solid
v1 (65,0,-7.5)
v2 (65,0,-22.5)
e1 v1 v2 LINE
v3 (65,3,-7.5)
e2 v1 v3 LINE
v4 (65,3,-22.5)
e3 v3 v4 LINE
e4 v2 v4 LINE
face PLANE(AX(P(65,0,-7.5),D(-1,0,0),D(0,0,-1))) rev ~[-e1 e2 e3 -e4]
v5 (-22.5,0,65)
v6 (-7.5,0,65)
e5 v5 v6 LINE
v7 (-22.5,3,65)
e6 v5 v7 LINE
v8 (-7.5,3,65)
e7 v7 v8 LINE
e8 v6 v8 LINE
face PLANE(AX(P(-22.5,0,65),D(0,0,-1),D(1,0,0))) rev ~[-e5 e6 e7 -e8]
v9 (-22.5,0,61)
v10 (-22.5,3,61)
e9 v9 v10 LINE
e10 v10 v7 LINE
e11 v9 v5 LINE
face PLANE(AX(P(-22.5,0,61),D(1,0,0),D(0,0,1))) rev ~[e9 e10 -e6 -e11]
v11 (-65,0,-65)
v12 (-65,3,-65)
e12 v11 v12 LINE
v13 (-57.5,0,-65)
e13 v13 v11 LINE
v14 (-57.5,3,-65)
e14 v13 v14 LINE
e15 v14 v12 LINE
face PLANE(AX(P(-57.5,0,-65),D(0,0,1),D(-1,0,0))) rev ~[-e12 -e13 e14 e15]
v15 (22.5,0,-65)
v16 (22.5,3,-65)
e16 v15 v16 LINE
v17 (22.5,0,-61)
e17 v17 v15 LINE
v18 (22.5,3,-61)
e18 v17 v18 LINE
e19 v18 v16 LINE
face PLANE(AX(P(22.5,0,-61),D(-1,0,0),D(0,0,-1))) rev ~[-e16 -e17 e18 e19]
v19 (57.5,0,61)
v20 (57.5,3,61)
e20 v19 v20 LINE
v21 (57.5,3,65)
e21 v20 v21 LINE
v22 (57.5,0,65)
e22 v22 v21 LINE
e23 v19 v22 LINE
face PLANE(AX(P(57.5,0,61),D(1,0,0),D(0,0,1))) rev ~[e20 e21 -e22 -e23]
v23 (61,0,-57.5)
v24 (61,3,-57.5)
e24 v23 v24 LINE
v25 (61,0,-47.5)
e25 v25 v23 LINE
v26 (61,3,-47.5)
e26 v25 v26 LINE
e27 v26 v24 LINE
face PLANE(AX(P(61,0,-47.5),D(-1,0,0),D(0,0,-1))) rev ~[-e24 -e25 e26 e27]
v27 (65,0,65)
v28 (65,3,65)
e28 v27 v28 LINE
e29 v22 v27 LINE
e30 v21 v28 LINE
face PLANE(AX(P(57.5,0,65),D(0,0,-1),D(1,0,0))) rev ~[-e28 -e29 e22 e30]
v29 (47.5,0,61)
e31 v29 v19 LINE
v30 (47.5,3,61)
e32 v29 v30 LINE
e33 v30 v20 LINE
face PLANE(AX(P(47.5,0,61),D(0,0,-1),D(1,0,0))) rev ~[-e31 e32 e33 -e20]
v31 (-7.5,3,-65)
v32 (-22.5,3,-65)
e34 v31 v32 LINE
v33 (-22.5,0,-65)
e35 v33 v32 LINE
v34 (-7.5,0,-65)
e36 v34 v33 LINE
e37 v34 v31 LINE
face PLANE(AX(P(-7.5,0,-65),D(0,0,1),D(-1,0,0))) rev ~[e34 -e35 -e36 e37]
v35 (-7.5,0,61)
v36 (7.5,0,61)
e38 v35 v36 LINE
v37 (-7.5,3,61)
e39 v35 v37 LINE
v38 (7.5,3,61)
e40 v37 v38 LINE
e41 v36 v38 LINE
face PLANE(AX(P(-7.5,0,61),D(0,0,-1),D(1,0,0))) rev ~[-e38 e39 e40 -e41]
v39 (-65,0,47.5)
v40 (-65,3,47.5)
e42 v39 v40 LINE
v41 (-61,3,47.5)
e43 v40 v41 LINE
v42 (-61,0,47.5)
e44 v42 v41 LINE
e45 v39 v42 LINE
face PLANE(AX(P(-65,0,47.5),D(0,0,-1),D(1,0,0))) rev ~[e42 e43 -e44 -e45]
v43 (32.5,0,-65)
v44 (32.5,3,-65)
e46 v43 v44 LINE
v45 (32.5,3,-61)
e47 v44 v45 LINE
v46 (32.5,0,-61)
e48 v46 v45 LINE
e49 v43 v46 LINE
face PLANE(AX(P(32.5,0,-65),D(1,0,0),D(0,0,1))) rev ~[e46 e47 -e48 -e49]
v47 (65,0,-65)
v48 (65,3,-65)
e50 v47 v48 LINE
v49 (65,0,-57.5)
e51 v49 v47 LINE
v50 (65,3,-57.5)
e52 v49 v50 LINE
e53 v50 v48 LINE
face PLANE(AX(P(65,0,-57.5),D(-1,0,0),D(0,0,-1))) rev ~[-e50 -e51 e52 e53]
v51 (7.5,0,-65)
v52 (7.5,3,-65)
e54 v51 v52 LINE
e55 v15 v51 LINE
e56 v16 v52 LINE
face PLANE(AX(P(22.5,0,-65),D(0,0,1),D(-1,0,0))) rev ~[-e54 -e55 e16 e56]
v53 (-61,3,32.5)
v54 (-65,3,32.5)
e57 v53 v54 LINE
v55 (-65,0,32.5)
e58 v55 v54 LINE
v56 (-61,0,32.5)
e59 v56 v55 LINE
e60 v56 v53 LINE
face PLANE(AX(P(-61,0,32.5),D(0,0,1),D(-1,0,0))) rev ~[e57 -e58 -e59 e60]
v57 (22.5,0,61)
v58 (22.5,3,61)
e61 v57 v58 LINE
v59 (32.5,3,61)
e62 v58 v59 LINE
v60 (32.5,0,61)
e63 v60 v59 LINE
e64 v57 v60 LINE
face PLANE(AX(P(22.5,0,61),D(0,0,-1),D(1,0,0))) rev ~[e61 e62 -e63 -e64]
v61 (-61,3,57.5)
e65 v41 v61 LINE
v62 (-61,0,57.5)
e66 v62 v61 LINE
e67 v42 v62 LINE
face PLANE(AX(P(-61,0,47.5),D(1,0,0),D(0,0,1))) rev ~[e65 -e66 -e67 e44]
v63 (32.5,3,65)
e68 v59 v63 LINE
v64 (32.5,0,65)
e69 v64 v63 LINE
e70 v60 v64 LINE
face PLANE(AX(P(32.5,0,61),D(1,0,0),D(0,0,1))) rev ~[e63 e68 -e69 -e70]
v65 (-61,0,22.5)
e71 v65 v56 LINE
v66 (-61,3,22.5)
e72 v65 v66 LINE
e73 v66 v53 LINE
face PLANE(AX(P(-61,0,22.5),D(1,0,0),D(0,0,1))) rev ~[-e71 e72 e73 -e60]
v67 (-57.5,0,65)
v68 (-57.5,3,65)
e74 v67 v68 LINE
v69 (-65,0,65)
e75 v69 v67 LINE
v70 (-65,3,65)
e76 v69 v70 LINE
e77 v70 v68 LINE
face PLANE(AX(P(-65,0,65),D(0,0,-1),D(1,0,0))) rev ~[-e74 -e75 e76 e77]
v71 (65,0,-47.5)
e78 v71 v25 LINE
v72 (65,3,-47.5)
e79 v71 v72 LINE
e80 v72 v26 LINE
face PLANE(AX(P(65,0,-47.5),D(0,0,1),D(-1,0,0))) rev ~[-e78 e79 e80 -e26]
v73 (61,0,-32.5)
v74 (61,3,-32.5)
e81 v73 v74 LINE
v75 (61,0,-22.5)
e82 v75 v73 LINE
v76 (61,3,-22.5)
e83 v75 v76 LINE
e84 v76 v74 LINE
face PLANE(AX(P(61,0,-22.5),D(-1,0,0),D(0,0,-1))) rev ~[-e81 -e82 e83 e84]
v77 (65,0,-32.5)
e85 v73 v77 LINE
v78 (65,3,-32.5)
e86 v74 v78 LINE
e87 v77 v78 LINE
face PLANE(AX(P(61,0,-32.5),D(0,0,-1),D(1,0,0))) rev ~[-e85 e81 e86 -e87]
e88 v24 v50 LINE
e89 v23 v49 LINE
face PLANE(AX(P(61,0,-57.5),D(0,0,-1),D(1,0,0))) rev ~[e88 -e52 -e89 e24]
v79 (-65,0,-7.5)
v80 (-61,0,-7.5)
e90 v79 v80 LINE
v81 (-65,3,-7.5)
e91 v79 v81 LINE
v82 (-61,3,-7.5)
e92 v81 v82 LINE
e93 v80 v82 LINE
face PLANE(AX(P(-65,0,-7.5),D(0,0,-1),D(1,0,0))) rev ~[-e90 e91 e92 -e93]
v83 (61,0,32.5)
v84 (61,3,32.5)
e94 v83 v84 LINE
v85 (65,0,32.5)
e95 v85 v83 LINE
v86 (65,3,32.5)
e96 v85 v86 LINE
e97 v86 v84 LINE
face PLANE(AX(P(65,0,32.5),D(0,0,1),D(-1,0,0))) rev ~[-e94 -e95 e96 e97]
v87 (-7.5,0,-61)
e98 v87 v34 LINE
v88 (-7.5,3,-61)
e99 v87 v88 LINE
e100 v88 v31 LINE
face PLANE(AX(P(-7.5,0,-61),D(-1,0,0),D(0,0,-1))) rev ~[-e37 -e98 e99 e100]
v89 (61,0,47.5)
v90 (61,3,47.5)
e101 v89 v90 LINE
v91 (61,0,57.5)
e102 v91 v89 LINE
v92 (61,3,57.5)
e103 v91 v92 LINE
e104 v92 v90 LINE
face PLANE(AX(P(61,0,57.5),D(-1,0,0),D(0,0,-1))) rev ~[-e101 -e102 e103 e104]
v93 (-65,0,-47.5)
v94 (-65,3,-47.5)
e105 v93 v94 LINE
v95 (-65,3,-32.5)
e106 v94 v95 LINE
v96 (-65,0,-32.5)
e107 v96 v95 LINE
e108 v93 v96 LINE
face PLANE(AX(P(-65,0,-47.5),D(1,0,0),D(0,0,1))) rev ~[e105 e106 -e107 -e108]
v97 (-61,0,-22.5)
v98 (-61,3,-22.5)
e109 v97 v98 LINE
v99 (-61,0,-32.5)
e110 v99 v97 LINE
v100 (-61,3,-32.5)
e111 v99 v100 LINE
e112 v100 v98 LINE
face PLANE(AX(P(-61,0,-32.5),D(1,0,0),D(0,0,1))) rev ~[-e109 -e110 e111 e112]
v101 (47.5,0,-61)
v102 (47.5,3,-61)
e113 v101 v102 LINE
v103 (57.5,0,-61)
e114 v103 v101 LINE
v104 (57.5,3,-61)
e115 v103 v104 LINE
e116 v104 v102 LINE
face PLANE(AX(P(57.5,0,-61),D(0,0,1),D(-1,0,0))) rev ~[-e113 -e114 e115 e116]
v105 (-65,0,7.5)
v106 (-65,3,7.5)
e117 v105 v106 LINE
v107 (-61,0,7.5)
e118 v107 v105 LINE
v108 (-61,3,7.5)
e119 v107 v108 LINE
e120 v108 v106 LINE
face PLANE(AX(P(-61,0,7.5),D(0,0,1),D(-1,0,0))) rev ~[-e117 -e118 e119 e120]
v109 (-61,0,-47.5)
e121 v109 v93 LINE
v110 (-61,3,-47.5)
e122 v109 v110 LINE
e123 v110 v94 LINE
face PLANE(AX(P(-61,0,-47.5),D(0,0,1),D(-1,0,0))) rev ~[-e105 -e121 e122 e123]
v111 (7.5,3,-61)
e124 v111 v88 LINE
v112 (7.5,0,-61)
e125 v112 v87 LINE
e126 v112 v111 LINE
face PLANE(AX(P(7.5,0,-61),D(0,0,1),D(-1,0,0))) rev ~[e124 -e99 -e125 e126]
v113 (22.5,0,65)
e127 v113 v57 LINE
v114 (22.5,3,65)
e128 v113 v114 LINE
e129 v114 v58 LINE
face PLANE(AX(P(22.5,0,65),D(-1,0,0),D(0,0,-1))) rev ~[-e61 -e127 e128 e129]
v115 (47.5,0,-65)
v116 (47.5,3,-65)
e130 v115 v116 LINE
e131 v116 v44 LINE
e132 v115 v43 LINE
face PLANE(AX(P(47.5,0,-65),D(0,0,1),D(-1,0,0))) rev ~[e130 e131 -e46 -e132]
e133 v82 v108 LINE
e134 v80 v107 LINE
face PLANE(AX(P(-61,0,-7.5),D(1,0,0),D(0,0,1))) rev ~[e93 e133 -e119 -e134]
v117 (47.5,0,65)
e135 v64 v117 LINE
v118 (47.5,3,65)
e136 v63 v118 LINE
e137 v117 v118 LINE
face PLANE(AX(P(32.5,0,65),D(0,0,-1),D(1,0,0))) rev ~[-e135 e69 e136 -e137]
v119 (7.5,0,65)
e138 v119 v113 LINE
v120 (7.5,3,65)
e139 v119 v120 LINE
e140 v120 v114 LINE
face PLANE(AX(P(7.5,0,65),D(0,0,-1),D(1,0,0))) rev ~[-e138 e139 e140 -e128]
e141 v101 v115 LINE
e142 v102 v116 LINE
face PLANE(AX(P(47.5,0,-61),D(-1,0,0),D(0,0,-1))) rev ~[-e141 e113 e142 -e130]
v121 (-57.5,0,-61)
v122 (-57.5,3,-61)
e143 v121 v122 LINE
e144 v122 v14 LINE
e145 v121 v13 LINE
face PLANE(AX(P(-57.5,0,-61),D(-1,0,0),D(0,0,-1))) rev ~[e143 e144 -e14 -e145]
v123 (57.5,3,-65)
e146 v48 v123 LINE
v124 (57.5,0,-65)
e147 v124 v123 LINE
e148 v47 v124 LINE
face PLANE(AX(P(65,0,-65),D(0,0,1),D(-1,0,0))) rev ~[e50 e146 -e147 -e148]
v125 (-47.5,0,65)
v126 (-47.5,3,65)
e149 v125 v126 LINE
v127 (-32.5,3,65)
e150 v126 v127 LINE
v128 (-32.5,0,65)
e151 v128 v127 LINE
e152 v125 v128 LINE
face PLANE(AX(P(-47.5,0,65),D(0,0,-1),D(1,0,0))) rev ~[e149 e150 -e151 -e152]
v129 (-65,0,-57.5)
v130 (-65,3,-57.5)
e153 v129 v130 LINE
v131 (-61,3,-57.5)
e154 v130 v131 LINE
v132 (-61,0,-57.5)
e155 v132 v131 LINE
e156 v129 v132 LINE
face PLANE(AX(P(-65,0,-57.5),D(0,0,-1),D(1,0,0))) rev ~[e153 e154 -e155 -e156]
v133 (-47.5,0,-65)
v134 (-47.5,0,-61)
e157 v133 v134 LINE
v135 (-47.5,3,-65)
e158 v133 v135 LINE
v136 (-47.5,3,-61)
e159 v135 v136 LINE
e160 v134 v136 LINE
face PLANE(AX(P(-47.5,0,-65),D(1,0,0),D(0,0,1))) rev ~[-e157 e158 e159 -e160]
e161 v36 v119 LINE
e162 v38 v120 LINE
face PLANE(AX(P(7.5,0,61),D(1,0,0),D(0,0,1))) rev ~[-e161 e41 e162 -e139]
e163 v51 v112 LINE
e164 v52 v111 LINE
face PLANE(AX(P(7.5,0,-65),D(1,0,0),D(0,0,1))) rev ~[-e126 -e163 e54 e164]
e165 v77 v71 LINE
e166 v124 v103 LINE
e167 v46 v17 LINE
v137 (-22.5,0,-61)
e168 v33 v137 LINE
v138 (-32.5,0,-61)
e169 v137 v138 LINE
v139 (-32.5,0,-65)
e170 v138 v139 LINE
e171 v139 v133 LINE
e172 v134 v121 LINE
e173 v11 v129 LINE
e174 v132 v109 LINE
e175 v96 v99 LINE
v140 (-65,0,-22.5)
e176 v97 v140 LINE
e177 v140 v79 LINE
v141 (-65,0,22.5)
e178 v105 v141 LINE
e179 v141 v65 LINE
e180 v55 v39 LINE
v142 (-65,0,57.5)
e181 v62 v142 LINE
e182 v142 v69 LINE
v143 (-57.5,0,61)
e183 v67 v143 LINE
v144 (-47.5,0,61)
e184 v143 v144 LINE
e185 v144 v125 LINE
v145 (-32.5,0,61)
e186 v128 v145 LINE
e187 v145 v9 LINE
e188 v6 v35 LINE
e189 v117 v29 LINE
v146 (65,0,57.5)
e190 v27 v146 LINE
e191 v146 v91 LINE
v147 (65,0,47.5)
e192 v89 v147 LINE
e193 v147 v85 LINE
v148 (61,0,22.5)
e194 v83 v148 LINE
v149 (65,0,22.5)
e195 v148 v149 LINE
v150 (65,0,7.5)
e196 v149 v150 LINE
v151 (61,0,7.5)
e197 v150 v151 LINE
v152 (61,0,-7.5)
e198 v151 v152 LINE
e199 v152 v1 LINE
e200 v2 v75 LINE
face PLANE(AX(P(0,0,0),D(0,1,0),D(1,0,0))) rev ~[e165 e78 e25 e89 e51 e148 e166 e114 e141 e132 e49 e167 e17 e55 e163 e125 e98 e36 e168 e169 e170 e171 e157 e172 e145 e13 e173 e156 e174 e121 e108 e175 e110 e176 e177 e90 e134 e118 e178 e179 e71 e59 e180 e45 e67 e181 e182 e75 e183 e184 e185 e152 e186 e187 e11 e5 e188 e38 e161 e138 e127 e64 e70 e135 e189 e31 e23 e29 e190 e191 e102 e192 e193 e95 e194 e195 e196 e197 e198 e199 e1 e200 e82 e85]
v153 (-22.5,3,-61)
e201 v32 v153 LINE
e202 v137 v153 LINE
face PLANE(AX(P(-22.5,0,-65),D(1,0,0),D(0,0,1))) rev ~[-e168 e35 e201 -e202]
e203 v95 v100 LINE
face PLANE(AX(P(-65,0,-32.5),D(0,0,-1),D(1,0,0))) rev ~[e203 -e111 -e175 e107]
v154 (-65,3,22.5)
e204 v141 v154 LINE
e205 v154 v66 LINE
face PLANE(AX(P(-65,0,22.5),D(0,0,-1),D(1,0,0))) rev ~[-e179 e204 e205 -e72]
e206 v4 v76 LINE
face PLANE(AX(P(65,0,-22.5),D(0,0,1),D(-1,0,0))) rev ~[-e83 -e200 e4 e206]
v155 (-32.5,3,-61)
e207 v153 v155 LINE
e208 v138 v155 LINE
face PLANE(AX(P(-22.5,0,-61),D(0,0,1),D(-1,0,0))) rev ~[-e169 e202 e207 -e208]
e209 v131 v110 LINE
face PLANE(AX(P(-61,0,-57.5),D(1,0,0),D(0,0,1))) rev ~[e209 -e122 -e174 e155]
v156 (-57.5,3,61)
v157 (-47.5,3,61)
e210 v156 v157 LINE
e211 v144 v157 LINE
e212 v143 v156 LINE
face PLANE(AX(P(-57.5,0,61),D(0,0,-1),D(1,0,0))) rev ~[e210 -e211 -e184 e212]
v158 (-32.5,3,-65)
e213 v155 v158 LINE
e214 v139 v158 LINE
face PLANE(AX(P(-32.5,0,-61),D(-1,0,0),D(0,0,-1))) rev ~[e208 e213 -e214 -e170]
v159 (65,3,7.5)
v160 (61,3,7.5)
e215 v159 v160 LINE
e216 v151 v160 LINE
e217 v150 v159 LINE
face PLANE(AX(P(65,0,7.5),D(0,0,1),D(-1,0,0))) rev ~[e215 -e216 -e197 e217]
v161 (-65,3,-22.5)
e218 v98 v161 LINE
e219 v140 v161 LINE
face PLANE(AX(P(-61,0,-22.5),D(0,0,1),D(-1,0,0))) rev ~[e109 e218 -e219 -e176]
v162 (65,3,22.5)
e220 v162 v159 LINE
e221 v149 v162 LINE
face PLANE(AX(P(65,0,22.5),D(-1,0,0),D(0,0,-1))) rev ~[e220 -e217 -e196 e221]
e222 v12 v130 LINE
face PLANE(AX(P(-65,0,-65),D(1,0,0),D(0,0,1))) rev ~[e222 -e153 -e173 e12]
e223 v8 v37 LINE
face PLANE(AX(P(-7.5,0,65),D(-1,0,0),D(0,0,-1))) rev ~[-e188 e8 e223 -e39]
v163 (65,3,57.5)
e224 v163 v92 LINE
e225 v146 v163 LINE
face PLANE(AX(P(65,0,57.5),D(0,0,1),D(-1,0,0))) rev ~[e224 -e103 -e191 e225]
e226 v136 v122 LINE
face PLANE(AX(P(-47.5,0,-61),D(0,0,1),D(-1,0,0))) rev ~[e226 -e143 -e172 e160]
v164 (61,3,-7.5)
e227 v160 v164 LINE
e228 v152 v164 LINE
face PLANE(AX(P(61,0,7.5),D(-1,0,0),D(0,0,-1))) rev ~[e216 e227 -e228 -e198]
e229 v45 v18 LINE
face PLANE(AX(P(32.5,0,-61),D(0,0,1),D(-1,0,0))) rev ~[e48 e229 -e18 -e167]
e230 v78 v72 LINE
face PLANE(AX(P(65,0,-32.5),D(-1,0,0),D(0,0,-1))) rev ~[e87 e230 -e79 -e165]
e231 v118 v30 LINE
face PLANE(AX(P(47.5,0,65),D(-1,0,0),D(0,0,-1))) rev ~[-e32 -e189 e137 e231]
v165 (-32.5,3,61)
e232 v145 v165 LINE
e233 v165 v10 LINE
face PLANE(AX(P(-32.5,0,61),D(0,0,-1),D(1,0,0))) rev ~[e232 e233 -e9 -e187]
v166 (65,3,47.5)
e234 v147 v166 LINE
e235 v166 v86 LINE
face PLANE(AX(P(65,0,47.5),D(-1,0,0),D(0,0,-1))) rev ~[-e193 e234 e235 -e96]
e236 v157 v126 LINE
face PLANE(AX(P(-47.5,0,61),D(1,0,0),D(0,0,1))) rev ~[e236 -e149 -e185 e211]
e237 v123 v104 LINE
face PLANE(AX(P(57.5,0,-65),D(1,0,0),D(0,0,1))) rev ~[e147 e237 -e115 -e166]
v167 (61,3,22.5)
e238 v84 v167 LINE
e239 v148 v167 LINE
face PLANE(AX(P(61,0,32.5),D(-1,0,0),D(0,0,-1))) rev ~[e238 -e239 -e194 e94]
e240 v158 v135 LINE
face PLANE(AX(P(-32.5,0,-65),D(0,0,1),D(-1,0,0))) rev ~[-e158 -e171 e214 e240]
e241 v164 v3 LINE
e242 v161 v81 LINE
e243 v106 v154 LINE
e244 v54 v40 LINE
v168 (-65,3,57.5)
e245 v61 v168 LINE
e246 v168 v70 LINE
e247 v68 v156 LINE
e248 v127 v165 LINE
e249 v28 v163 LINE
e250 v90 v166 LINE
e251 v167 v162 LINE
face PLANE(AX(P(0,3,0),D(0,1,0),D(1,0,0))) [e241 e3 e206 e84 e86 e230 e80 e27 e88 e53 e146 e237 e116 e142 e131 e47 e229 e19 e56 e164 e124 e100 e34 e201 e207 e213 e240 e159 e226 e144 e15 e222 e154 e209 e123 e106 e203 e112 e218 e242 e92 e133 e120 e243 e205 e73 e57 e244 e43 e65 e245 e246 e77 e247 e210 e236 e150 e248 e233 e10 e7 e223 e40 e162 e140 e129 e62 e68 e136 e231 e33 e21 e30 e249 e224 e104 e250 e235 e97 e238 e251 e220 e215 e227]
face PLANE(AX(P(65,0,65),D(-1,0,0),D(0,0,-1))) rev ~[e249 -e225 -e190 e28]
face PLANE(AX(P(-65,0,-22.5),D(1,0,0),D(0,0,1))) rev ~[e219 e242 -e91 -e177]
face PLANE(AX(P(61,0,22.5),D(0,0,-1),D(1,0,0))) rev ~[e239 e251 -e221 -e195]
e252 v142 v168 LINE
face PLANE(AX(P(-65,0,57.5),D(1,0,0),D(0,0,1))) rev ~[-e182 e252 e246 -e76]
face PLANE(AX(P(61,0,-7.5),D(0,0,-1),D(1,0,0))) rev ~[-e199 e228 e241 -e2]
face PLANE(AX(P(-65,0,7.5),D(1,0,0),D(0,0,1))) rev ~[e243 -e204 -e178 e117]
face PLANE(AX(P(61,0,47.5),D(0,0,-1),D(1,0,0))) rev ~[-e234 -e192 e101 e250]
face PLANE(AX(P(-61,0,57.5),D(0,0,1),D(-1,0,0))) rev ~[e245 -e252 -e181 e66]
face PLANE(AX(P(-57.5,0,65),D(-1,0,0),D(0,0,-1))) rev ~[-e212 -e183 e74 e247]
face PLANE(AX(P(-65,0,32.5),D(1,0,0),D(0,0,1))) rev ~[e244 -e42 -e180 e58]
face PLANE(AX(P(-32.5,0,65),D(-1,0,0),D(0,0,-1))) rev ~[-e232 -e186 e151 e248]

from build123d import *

# Parameters (mm, degrees)
BOSS_EXTRUDE1_DEPTH = 3


with BuildPart() as part:
    # Sketch1 → Boss-Extrude1 (new body)
    with BuildSketch(Plane(origin=(0, 0, 0), x_dir=(1, 0, 0), z_dir=(0, 1, 0))):
        Polygon((-65, -65), (-57.5, -65), (-57.5, -61), (-47.5, -61), (-47.5, -65), (-32.5, -65), (-32.5, -61), (-22.5, -61), (-22.5, -65), (-7.5, -65), (-7.5, -61), (7.5, -61), (7.5, -65), (22.5, -65), (22.5, -61), (32.5, -61), (32.5, -65), (47.5, -65), (47.5, -61), (57.5, -61), (57.5, -65), (65, -65), (65, -57.5), (61, -57.5), (61, -47.5), (65, -47.5), (65, -32.5), (61, -32.5), (61, -22.5), (65, -22.5), (65, -7.5), (61, -7.5), (61, 7.5), (65, 7.5), (65, 22.5), (61, 22.5), (61, 32.5), (65, 32.5), (65, 47.5), (61, 47.5), (61, 57.5), (65, 57.5), (65, 65), (57.5, 65), (57.5, 61), (47.5, 61), (47.5, 65), (32.5, 65), (32.5, 61), (22.5, 61), (22.5, 65), (7.5, 65), (7.5, 61), (-7.5, 61), (-7.5, 65), (-22.5, 65), (-22.5, 61), (-32.5, 61), (-32.5, 65), (-47.5, 65), (-47.5, 61), (-57.5, 61), (-57.5, 65), (-65, 65), (-65, 57.5), (-61, 57.5), (-61, 47.5), (-65, 47.5), (-65, 32.5), (-61, 32.5), (-61, 22.5), (-65, 22.5), (-65, 7.5), (-61, 7.5), (-61, -7.5), (-65, -7.5), (-65, -22.5), (-61, -22.5), (-61, -32.5), (-65, -32.5), (-65, -47.5), (-61, -47.5), (-61, -57.5), (-65, -57.5), align=None)
    extrude(amount=BOSS_EXTRUDE1_DEPTH)


solid = part.part
